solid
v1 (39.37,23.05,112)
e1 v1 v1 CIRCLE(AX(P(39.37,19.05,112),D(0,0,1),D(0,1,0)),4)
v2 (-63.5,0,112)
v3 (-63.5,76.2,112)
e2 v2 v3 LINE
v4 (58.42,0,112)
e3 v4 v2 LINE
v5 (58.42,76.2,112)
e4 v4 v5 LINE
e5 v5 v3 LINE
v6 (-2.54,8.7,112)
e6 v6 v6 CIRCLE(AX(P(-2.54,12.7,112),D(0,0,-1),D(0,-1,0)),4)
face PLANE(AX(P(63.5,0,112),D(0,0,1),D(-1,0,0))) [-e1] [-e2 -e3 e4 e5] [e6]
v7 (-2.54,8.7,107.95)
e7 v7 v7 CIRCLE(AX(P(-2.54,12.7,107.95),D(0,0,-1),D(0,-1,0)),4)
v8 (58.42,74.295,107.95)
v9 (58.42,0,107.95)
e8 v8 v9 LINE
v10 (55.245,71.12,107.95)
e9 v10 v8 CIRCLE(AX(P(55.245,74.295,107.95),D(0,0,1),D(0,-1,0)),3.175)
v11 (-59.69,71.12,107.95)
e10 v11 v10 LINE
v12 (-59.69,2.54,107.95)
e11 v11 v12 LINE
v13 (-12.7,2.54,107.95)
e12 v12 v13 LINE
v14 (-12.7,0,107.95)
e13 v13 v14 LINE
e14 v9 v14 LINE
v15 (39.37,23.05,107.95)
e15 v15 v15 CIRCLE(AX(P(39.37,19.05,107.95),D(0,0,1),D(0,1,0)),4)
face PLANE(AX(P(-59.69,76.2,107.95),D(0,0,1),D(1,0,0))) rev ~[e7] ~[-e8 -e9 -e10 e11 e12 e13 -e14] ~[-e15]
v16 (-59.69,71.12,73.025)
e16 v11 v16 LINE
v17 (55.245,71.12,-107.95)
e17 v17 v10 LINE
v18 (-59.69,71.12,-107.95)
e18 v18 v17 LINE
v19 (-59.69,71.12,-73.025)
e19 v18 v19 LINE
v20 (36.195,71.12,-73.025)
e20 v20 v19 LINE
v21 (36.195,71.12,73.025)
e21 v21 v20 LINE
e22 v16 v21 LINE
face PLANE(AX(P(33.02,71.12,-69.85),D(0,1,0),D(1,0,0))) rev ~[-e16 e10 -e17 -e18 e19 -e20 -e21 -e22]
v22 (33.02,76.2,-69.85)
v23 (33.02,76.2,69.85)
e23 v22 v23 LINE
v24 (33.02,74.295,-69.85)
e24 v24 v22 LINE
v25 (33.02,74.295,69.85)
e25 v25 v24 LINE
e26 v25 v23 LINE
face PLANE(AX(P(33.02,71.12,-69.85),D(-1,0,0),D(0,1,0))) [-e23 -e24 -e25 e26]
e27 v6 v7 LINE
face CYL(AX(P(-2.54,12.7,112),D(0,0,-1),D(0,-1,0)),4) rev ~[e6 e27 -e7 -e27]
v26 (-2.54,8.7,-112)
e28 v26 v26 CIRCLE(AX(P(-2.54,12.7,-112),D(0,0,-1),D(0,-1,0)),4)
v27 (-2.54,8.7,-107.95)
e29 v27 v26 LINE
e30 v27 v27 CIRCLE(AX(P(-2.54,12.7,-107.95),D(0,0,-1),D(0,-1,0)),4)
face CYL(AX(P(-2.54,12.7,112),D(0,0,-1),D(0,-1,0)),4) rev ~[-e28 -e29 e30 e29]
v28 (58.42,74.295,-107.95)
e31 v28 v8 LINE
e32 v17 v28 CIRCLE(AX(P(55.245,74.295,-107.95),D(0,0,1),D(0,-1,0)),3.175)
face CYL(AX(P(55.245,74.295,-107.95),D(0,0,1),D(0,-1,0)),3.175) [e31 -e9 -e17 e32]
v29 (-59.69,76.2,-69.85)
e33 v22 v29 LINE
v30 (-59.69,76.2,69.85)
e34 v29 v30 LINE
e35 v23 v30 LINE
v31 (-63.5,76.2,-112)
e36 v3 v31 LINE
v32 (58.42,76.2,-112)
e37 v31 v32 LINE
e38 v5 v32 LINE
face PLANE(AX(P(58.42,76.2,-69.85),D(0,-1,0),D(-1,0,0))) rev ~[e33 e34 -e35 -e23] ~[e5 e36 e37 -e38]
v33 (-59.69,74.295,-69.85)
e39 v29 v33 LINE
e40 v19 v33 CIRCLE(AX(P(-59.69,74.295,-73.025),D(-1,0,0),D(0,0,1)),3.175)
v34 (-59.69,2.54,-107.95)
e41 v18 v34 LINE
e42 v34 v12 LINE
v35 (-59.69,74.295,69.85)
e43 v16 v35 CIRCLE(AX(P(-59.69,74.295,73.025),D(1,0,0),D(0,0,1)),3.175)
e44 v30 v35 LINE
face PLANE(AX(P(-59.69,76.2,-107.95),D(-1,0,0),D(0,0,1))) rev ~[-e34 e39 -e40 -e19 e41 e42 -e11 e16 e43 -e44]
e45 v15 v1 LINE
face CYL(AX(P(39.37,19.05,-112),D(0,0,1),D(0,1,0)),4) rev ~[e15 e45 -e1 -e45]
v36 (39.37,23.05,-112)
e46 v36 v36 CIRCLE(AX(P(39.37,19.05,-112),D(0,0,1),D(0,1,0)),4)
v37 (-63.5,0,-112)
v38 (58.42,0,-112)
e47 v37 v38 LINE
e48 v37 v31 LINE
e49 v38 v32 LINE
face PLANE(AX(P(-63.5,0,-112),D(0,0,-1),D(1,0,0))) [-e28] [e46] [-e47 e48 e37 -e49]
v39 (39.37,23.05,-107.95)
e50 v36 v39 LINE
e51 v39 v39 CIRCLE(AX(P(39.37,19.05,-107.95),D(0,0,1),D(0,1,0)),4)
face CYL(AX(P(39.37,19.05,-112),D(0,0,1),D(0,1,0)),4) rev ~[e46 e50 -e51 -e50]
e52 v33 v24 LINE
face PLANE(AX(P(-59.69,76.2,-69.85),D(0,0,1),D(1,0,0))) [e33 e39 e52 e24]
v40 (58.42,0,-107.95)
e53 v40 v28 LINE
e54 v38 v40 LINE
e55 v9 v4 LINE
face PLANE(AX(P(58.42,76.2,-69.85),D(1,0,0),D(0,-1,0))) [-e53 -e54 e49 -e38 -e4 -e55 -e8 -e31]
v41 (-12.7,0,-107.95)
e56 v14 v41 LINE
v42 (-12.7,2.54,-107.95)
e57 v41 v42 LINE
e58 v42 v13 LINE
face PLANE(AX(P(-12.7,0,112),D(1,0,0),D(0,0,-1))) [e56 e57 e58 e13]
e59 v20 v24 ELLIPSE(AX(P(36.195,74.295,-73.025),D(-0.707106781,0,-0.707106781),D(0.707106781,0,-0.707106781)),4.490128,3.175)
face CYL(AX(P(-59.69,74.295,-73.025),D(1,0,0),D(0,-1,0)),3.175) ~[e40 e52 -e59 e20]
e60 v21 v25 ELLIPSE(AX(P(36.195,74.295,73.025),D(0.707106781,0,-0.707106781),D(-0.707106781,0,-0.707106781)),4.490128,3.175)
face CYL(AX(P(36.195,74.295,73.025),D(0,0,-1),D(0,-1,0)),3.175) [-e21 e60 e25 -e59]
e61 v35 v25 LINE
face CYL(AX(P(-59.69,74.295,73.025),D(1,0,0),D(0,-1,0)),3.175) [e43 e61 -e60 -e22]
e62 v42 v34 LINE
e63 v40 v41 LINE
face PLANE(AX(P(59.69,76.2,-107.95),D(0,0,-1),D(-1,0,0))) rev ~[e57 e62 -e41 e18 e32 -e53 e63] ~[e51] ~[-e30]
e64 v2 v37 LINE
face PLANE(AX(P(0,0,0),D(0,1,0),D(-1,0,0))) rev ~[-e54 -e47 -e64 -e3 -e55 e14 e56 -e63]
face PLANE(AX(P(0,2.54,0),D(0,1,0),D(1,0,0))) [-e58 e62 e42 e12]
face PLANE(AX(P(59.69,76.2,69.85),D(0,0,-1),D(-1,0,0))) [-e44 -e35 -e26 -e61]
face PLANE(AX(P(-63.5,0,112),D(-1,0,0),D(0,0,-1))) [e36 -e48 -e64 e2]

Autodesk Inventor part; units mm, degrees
ref_plane "YZ Plane" through (0, 0, 0) normal (1, 0, 0) x (0, 1, 0)
ref_plane "XZ Plane" through (0, 0, 0) normal (0, 1, 0) x (-1, 0, 0)
ref_plane "XY Plane" through (0, 0, 0) normal (0, 0, 1) x (1, 0, 0)
sketch "Sketch1" plane through (0, 0, 0) normal (0, 1, 0) x (-1, 0, 0)
  point P0 (0, 0)
sketch "Sketch2" plane through (0, 0, 0) normal (0, 1, 0) x (-1, 0, 0)
  line L0 (-63.5, 112) -> (63.5, 112)
  line L1 (63.5, 112) -> (63.5, -112)
  line L2 (63.5, -112) -> (-63.5, -112)
  line L3 (-63.5, -112) -> (-63.5, 112)
  line L4 (-63.5, 112) -> (63.5, -112) construction
  line L5 (63.5, 112) -> (-63.5, -112) construction
  point P0 (0, 0)
  dimension "d0" = 127
  dimension "d1" = 224
extrude "Extrusion1" add sketch "Sketch2" along normal blind 76.2
sketch "Sketch3" plane through (0, 76.2, 0) normal (0, 1, 0) x (1, 0, 0)
  line L0 (59.69, 107.95) -> (-59.69, 107.95)
  line L1 (-59.69, 107.95) -> (-59.69, -107.95)
  line L2 (-59.69, -107.95) -> (59.69, -107.95)
  line L3 (59.69, -107.95) -> (59.69, 107.95)
  line L4 (59.69, 107.95) -> (-59.69, -107.95) construction
  line L5 (-59.69, 107.95) -> (59.69, -107.95) construction
  point P0 (0, 0)
  dimension "d4" = 119.38
  dimension "d5" = 215.9
extrude "Extrusion2" cut sketch "Sketch3" against normal blind 73.66
sketch "Sketch4" plane through (-59.69, 76.2, -107.95) normal (0, 0, 1) x (1, 0, 0)
  line L0 (119.38, 0) -> (119.38, -73.66) projected
  line L1 (119.38, 0) -> (0, 0)
  line L2 (0, 0) -> (0, -5.08)
  line L3 (0, -5.08) -> (119.38, -5.08)
  line L4 (119.38, -5.08) -> (119.38, 0)
  point P0 (59.69, -76.2)
  dimension "d8" = 5.08
  dimension "d11" = 119.38
extrude "Extrusion3" add sketch "Sketch4" along normal blind 38.1
sketch "Sketch5" plane through (59.69, 76.2, 107.95) normal (0, 0, -1) x (-1, 0, 0)
  line L0 (0, 0) -> (119.38, 0)
  line L1 (119.38, 0) -> (119.38, -5.08)
  line L2 (119.38, -5.08) -> (0, -5.08)
  line L3 (0, -5.08) -> (0, 0)
  point P0 (59.69, -76.2)
  dimension "d12" = 5.08
extrude "Extrusion4" add sketch "Sketch5" along normal blind 38.1
sketch "Sketch7" plane through (63.5, 0, 112) normal (1, 0, 0) x (0, 0, -1)
  line L0 (224, 0) -> (0, 0) projected
  line L1 (224, 0) -> (224, 76.2) projected
  line L2 (0, 76.2) -> (224, 76.2) projected
  line L3 (0, 0) -> (0, 76.2) projected
  point P0 (112, 0)
extrude "Extrusion5" cut sketch "Sketch7" against normal blind 5.08
sketch "Sketch8" plane through (-59.69, 76.2, -69.85) normal (0, 0, 1) x (1, 0, 0)
  line L0 (0, -5.08) -> (118.11, -5.08) projected
  line L1 (118.11, 0) -> (0, 0) projected
  line L2 (118.11, -5.08) -> (92.71, -5.08)
  line L3 (92.71, -5.08) -> (92.71, 0)
  line L4 (92.71, 0) -> (118.11, 0)
  line L5 (118.11, 0) -> (118.11, -5.08)
  point P0 (59.69, -76.2)
  dimension "d17" = 25.4
extrude "Extrusion6" add sketch "Sketch8" along normal blind 139.7
sketch "Sketch9" plane through (58.42, 0, 112) normal (1, 0, 0) x (0, 0, -1)
  line L0 (219.95, 2.54) -> (219.95, 71.12) projected
  line L1 (219.95, 2.54) -> (4.05, 2.54)
  line L2 (4.05, 2.54) -> (4.05, 0)
  line L3 (4.05, 0) -> (219.95, 0)
  line L4 (219.95, 0) -> (219.95, 2.54)
  point P0 (112, 0)
extrude "Extrusion7" cut sketch "Sketch9" against normal blind 71.12
fillet "Fillet1" radius 3.175 1 edges at (58.42, 71.12, 0)
fillet "Fillet2" radius 3.175 1 edges at (-13.335, 71.12, -69.85)
fillet "Fillet3" radius 3.175 1 edges at (-13.335, 71.12, 69.85)
sketch "Sketch10" plane through (-63.5, 0, -112) normal (0, 0, -1) x (-1, 0, 0)
  circle A0 centre (-102.87, 19.05) radius 4
  point P0 (-63.5, 0)
  dimension "d27" = 8
hole "Hole1" at (39.37, 19.05, -112) direction (0, 0, 1) diameter 8 end through all
fillet "Fillet4" radius 3.175 1 edges at (33.02, 71.12, 0)
sketch "Sketch11" plane through (-63.5, 0, 112) normal (0, 0, 1) x (1, 0, 0)
  point P0 (63.5, 0)
  point P1 (60.96, 12.7)
hole "Hole2" at (-2.54, 12.7, 112) direction (0, 0, -1) diameter 8 end through all
properties part number "Bucket des 1" material "ABS Plastic"
